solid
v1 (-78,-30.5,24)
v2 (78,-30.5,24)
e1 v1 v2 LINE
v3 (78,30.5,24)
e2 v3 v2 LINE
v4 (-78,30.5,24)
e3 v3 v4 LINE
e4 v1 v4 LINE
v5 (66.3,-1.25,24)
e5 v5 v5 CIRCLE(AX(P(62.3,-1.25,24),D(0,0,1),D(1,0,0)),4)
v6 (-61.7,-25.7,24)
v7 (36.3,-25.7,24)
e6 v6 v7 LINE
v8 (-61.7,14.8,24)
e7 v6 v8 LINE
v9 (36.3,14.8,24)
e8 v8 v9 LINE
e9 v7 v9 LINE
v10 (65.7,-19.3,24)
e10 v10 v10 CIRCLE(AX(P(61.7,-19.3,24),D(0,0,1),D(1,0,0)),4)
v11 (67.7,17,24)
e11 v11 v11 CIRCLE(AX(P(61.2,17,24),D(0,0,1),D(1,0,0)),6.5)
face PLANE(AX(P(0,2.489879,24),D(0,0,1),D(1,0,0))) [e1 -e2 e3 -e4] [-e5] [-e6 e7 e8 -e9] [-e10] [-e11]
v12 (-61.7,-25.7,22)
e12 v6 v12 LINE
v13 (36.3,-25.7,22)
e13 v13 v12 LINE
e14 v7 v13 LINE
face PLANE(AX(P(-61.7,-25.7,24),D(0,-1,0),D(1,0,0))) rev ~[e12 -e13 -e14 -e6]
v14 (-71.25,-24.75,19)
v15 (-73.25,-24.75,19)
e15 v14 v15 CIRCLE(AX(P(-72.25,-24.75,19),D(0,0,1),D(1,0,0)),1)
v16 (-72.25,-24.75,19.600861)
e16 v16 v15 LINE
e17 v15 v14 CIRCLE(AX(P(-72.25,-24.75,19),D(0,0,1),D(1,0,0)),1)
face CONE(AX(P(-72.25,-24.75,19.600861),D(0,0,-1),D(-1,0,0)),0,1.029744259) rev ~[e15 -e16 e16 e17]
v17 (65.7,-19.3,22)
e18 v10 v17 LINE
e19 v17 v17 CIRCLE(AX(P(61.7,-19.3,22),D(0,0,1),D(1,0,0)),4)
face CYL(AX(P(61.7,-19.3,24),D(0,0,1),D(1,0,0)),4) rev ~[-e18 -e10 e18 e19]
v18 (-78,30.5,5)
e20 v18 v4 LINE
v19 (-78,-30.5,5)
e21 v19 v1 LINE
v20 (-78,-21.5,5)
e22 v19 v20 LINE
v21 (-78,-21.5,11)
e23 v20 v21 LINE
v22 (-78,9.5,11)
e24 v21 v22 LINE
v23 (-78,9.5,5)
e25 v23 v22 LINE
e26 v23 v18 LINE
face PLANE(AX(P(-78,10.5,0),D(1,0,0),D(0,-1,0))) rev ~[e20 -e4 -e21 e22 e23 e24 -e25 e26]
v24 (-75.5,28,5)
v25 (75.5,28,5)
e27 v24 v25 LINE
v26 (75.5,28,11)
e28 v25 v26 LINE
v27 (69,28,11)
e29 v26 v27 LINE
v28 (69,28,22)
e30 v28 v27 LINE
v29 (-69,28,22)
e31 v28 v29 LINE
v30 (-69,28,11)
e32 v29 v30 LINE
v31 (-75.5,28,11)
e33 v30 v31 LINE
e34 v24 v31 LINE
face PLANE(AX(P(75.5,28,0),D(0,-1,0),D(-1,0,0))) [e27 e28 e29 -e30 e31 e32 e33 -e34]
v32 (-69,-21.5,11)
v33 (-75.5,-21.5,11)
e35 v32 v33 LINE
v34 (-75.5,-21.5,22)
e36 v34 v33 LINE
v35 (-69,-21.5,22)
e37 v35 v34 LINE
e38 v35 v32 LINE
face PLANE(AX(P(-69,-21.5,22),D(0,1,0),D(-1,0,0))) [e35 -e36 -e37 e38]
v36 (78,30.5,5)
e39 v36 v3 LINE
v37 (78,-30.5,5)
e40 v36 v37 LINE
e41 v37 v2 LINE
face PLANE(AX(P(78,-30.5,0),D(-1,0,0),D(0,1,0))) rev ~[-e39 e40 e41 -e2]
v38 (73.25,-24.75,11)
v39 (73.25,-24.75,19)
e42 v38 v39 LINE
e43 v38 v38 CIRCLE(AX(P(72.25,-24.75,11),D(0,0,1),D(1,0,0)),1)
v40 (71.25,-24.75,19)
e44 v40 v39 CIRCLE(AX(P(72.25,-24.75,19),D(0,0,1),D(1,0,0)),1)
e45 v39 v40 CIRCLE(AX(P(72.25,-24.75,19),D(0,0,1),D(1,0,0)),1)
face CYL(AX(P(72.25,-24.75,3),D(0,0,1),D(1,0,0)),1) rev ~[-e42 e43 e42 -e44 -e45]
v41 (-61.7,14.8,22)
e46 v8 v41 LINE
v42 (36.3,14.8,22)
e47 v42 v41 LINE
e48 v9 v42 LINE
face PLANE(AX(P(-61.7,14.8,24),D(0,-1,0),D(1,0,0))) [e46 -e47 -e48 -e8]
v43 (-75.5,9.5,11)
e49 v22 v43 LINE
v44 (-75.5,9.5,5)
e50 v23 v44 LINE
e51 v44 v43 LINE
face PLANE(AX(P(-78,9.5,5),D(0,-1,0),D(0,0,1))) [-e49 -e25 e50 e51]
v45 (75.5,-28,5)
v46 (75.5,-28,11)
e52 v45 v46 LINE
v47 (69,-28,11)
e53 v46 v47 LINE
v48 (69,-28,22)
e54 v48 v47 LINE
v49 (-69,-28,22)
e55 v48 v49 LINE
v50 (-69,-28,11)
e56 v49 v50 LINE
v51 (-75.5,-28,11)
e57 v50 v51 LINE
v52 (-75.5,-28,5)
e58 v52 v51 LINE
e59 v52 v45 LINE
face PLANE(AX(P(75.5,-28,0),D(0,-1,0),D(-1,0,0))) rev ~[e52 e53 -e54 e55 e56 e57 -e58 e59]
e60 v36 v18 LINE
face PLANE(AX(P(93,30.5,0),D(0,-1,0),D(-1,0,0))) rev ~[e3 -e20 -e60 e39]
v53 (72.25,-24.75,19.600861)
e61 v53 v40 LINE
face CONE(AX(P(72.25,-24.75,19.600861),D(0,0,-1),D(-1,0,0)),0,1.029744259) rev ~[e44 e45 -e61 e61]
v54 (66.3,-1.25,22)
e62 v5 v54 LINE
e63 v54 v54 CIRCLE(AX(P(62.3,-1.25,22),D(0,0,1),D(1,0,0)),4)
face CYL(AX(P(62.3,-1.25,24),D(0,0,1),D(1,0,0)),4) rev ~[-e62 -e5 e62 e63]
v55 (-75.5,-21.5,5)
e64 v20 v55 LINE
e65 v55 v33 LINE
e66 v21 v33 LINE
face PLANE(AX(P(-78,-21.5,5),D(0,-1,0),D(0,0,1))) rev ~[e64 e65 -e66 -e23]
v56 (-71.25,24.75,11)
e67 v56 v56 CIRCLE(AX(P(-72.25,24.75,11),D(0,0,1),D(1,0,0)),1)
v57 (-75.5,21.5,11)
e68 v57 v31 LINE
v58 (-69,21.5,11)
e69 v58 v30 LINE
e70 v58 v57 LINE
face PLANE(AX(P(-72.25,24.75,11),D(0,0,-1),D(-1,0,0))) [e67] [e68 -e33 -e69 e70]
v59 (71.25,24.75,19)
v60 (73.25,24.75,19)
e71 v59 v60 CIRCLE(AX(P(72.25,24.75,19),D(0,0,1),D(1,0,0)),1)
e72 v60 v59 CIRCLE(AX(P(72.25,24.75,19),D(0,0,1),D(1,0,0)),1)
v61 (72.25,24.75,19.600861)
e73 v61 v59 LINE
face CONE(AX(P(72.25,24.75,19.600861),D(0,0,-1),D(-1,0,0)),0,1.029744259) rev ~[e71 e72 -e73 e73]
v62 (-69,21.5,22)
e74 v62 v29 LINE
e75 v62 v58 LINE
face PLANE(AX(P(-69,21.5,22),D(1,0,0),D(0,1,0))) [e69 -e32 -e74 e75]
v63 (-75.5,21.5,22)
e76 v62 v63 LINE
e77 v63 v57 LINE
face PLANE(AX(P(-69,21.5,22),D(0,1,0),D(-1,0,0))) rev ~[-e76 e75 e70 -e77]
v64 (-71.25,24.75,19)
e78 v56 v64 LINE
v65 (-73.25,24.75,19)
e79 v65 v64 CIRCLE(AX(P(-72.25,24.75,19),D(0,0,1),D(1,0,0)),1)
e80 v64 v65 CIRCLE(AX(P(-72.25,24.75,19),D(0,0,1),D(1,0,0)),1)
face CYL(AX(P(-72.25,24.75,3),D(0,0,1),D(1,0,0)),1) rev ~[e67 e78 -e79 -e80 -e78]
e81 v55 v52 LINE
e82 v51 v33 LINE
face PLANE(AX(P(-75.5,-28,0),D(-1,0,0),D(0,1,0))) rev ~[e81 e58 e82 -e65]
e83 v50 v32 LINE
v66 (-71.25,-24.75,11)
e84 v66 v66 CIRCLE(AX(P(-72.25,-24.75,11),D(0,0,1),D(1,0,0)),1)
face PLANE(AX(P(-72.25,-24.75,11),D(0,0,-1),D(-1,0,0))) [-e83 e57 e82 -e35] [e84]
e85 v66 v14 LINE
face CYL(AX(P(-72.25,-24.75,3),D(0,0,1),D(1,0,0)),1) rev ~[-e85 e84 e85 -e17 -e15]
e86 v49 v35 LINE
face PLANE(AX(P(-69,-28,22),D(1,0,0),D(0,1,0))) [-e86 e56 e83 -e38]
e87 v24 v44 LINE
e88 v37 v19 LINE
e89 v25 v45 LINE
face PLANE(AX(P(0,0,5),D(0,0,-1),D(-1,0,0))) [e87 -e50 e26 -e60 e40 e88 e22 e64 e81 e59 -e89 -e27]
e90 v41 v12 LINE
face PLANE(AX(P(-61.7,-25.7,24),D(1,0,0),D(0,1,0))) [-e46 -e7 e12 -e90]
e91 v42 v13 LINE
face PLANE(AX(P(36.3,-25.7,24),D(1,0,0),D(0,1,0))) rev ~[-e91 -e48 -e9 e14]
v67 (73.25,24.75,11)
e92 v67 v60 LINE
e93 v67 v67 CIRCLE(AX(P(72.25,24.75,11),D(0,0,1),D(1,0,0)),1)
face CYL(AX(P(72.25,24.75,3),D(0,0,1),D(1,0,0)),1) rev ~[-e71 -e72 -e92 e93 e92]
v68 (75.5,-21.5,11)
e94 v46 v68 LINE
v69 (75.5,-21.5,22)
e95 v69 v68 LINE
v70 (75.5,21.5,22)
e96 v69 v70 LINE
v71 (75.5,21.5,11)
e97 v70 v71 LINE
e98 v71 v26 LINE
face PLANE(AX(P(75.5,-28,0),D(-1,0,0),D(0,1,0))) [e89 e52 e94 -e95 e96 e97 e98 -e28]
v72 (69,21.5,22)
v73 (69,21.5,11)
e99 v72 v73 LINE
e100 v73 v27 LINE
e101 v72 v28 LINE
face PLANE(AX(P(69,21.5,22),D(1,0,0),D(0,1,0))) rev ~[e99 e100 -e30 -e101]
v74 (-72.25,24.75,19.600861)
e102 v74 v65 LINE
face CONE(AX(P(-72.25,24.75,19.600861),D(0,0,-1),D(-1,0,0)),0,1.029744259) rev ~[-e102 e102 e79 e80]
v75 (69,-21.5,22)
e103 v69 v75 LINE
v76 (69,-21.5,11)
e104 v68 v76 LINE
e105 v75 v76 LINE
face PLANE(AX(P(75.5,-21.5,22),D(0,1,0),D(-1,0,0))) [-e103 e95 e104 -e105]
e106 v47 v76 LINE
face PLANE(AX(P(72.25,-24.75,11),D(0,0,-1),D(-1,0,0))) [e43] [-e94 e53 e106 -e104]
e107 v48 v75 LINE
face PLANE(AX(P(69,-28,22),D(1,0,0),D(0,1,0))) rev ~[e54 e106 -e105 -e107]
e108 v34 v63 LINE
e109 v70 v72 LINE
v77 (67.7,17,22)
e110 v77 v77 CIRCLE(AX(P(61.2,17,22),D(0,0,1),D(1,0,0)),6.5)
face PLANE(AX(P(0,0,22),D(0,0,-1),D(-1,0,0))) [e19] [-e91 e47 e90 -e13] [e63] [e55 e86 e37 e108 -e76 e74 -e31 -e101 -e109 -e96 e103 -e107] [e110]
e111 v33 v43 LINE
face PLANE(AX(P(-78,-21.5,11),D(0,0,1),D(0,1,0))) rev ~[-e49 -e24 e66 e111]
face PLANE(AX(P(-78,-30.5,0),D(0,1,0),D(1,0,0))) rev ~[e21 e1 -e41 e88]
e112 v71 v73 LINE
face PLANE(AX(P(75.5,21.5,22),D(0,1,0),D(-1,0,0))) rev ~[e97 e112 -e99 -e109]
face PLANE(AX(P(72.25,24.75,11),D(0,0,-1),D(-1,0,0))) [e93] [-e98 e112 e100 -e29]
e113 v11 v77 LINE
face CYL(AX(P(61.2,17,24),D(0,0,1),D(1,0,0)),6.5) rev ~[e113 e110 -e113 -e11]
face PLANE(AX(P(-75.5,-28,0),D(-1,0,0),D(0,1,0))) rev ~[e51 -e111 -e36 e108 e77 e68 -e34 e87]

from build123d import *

# Parameters (mm, degrees)
BOSS_EXTRUDE1_DEPTH                                 = 24
SKETCH2_W                                           = 151
SKETCH2_H                                           = 56
CUT_EXTRUDE1_DEPTH                                  = 22
SKETCH3_W                                           = 156
SKETCH3_H                                           = 61
CUT_EXTRUDE2_DEPTH                                  = 5
SKETCH4_R                                           = 6.5
SKETCH4_R_2                                         = 4
SKETCH4_W                                           = 98
SKETCH4_H                                           = 40.5
CUT_EXTRUDE3_DEPTH                                  = 4
CBORE_FOR_M4_HEX_SOCKET_HEAD_CAP_SCREW1_D           = 4.5
CBORE_FOR_M4_HEX_SOCKET_HEAD_CAP_SCREW1_CBORE_D     = 8
CBORE_FOR_M4_HEX_SOCKET_HEAD_CAP_SCREW1_CBORE_DEPTH = 4.4
SKETCH7_W                                           = 6.5
SKETCH7_H                                           = 6.5
BOSS_EXTRUDE2_DEPTH                                 = 11
F_2_0MM_DOWEL_HOLE1_D                               = 2
F_2_0MM_DOWEL_HOLE1_DEPTH                           = 8
F_2_0MM_DOWEL_HOLE1_TIP                             = 0.600860619
SKETCH13_W                                          = 15
SKETCH13_H                                          = 20
CUT_EXTRUDE6_DEPTH                                  = 24
SKETCH14_W                                          = 6
SKETCH14_H                                          = 31
CUT_EXTRUDE7_DEPTH                                  = 3


with BuildPart() as part:
    # Sketch1 → Boss-Extrude1 (new body)
    with BuildSketch(Plane.XY):
        Polygon((-93, 10.5), (-78, 10.5), (-78, -30.5), (78, -30.5), (78, 10.5), (93, 10.5), (93, 30.5), (-93, 30.5), align=None)
    extrude(amount=BOSS_EXTRUDE1_DEPTH)

    # Sketch2 → Cut-Extrude1 (cut)
    with BuildSketch(Plane(origin=(0, 0, 0), x_dir=(-1, 0, 0), z_dir=(0, 0, -1))):
        Rectangle(SKETCH2_W, SKETCH2_H)
    extrude(amount=-CUT_EXTRUDE1_DEPTH, mode=Mode.SUBTRACT)

    # Sketch3 → Cut-Extrude2 (cut)
    with BuildSketch(Plane(origin=(0, 0, 0), x_dir=(-1, 0, 0), z_dir=(0, 0, -1))):
        Rectangle(SKETCH3_W, SKETCH3_H)
    extrude(amount=-CUT_EXTRUDE2_DEPTH, mode=Mode.SUBTRACT)

    # Sketch4 → Cut-Extrude3 (cut)
    with BuildSketch(Plane.XY.offset(24)):
        with Locations((61.2, 17)):
            Circle(SKETCH4_R)
        with Locations((62.3, -1.25)):
            Circle(SKETCH4_R_2)
        with Locations((61.7, -19.3)):
            Circle(SKETCH4_R_2)
        with Locations((-12.7, -5.45)):
            Rectangle(SKETCH4_W, SKETCH4_H)
    extrude(amount=-CUT_EXTRUDE3_DEPTH, mode=Mode.SUBTRACT)

    # CBORE for M4 Hex Socket Head Cap Screw1 (through all)
    with Locations(Plane.XY.offset(24)):
        with Locations((-85, 20.5), (85, 20.376125295)):
            CounterBoreHole(CBORE_FOR_M4_HEX_SOCKET_HEAD_CAP_SCREW1_D / 2, CBORE_FOR_M4_HEX_SOCKET_HEAD_CAP_SCREW1_CBORE_D / 2, CBORE_FOR_M4_HEX_SOCKET_HEAD_CAP_SCREW1_CBORE_DEPTH)

    # Sketch7 → Boss-Extrude2 (add)
    with BuildSketch(Plane(origin=(0, 0, 22), x_dir=(-1, 0, 0), z_dir=(0, 0, -1))):
        with Locations((-72.25, 24.75)):
            Rectangle(SKETCH7_W, SKETCH7_H)
        with Locations((-72.25, -24.75)):
            Rectangle(SKETCH7_W, SKETCH7_H)
        with Locations((72.25, 24.75)):
            Rectangle(SKETCH7_W, SKETCH7_H)
        with Locations((72.25, -24.75)):
            Rectangle(SKETCH7_W, SKETCH7_H)
    extrude(amount=BOSS_EXTRUDE2_DEPTH)

    # Ø2.0mm Dowel Hole1
    with Locations(Plane(origin=(0, 0, 11), x_dir=(-1, 0, 0), z_dir=(0, 0, -1))):
        with Locations((-72.25, 24.75), (-72.25, -24.75), (72.25, 24.75), (72.25, -24.75)):
            Hole(F_2_0MM_DOWEL_HOLE1_D / 2, depth=F_2_0MM_DOWEL_HOLE1_DEPTH)
            with Locations((0, 0, -(F_2_0MM_DOWEL_HOLE1_DEPTH + F_2_0MM_DOWEL_HOLE1_TIP / 2))):  # 118° drill point
                Cone(0, F_2_0MM_DOWEL_HOLE1_D / 2, F_2_0MM_DOWEL_HOLE1_TIP, mode=Mode.SUBTRACT)

    # Sketch13 → Cut-Extrude6 (cut)
    with BuildSketch(Plane(origin=(0, 0, 0), x_dir=(-1, 0, 0), z_dir=(0, 0, -1))):
        with Locations((-85.5, 20.5)):
            Rectangle(SKETCH13_W, SKETCH13_H)
        with Locations((85.5, 20.5)):
            Rectangle(SKETCH13_W, SKETCH13_H)
    extrude(amount=-CUT_EXTRUDE6_DEPTH, mode=Mode.SUBTRACT)

    # Sketch14 → Cut-Extrude7 (cut)
    with BuildSketch(Plane.ZY.offset(78)):
        with Locations((8, -6)):
            Rectangle(SKETCH14_W, SKETCH14_H)
    extrude(amount=-CUT_EXTRUDE7_DEPTH, mode=Mode.SUBTRACT)


solid = part.part
